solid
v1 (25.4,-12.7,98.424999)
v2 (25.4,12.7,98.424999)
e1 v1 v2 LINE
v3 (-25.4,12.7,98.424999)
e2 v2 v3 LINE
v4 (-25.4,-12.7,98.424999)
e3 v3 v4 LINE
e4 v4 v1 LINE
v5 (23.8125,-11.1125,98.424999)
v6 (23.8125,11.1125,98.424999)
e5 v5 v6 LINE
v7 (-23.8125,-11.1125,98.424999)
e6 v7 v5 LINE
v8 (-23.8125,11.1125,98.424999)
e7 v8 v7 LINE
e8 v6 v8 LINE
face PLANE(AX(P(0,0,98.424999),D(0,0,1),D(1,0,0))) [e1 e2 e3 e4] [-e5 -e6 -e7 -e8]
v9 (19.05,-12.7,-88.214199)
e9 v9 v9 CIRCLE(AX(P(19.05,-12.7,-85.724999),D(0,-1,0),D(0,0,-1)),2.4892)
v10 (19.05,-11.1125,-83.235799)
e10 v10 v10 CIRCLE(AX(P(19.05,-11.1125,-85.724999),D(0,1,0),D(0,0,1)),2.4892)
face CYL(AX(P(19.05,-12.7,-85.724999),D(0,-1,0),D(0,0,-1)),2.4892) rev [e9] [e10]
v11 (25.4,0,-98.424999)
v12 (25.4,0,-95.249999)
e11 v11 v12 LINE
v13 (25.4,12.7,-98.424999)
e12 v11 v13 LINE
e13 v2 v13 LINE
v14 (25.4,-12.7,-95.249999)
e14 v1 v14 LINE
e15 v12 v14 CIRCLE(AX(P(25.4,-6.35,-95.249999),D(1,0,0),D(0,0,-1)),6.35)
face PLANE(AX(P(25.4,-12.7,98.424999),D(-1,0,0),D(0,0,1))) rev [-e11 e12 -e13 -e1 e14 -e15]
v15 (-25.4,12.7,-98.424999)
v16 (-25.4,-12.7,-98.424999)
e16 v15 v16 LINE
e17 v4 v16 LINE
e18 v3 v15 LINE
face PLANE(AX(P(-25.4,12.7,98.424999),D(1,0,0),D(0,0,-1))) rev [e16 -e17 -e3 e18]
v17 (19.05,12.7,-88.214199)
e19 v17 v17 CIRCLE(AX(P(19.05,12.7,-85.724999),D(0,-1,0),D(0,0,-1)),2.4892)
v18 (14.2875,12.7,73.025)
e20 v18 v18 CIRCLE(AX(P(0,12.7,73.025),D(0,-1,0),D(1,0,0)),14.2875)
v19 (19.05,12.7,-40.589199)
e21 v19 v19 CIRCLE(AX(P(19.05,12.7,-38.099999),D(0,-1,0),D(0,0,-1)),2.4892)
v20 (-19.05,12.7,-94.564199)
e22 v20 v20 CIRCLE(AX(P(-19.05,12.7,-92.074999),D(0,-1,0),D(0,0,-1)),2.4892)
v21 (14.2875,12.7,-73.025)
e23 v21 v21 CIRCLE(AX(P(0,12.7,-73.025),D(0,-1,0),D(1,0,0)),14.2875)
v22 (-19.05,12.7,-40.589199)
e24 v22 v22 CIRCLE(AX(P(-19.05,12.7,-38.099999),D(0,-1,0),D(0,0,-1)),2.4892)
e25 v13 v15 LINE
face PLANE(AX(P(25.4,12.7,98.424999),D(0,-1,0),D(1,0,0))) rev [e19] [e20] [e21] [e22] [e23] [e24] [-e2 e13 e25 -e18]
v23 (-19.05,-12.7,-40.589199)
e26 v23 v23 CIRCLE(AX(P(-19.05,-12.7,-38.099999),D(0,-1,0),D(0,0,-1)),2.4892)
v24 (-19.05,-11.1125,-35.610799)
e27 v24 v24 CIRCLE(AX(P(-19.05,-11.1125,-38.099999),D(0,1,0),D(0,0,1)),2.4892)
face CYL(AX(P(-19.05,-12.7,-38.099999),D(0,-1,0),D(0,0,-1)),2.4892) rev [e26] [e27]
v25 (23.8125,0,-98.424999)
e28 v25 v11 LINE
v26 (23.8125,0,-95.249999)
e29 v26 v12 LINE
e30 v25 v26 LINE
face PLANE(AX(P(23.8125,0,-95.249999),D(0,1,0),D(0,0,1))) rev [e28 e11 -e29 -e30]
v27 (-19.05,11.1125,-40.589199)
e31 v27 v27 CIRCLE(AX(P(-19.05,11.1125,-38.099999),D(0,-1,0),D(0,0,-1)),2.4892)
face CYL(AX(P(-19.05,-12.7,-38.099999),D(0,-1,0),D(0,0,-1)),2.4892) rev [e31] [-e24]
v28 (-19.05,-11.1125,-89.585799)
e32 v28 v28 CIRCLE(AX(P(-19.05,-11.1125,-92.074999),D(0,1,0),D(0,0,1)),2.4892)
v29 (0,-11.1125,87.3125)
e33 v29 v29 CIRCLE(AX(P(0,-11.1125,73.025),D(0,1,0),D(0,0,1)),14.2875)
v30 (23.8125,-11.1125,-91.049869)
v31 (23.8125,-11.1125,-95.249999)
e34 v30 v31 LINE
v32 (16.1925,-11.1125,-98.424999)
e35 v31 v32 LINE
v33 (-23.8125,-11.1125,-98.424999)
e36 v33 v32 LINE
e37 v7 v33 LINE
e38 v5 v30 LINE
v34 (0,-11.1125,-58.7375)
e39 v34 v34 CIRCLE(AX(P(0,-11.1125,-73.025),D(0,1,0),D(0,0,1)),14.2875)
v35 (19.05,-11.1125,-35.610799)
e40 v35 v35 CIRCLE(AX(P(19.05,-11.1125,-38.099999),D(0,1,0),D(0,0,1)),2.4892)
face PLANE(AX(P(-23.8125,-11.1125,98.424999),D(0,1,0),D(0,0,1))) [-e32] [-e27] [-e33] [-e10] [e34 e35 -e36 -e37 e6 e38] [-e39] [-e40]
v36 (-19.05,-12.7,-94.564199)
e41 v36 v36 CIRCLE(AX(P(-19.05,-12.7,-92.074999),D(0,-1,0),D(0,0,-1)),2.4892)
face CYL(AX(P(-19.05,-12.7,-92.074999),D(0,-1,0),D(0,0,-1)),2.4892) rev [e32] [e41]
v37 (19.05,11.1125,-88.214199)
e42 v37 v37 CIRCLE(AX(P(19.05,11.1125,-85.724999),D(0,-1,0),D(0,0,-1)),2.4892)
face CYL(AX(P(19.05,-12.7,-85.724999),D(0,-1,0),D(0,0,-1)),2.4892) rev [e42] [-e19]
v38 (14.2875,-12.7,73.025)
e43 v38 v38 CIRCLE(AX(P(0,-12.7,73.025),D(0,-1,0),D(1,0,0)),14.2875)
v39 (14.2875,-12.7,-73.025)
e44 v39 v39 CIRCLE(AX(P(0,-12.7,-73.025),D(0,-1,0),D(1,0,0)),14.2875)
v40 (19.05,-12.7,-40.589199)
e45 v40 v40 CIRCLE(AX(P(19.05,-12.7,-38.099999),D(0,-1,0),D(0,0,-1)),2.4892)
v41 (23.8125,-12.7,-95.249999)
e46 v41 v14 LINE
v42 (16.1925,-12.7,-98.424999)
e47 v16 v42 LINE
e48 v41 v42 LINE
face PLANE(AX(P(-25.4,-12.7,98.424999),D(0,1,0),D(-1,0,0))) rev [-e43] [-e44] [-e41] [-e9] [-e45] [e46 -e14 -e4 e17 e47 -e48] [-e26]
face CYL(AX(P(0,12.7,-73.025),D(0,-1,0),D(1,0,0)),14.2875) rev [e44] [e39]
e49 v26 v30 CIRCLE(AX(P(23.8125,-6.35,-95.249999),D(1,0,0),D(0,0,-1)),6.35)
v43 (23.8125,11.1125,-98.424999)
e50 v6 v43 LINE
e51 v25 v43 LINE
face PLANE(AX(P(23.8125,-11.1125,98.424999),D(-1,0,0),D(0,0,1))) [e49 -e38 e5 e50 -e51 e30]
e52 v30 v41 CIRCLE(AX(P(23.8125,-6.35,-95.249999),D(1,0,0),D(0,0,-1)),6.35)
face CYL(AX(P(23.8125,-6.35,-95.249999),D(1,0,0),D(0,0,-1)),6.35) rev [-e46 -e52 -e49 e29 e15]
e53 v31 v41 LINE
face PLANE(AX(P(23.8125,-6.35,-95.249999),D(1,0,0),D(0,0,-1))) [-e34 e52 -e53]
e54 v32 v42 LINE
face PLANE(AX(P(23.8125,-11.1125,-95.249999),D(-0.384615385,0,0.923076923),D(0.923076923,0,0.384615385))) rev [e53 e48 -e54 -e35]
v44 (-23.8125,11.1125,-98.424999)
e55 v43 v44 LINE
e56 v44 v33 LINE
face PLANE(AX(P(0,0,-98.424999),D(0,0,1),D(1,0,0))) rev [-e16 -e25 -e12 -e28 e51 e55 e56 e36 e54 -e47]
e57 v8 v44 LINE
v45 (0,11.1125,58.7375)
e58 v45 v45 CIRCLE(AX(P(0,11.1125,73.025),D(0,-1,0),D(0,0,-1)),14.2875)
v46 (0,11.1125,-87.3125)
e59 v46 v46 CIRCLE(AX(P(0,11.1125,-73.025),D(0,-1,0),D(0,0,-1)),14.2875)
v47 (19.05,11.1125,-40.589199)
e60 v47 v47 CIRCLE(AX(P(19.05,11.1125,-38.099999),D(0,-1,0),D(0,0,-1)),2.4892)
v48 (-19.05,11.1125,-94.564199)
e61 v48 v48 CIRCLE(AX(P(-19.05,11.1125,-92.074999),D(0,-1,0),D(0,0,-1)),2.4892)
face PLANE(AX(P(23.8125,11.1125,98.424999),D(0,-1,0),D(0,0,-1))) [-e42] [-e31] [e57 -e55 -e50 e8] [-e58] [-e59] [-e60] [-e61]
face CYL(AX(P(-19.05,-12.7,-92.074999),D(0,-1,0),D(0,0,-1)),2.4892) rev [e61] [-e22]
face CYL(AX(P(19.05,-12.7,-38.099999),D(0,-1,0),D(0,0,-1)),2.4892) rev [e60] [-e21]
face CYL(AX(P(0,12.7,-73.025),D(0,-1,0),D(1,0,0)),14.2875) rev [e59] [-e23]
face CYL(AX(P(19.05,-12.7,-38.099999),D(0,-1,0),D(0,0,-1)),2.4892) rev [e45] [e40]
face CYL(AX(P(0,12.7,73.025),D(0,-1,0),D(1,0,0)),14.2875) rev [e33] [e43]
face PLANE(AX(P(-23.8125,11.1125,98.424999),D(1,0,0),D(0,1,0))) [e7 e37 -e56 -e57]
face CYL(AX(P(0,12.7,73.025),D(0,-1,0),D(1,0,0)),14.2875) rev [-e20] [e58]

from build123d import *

# Parameters (mm, degrees)
BOSS_EXTRUDE1_DEPTH      = 98.424999
BOSS_EXTRUDE1_DEPTH_BACK = 98.424999
SKETCH3_W                = 50.8
SKETCH3_H                = 25.4
SKETCH3_W_2              = 47.625
SKETCH3_H_2              = 22.225
SKETCH4_R                = 14.2875
CUT_EXTRUDE3_DEPTH       = 105.774999061
CUT_EXTRUDE5_DEPTH       = 1.5875
CUT_EXTRUDE6_DEPTH       = 1.5875
F_10_CLEARANCE_HOLE1_D   = 4.9784


with BuildPart() as part:
    # Sketch3 → Boss-Extrude1 (new, two sides: drawn at the far end of the back side and taken through both)
    with BuildSketch(Plane.XY.offset(-BOSS_EXTRUDE1_DEPTH_BACK)):
        Rectangle(SKETCH3_W, SKETCH3_H)
        Rectangle(SKETCH3_W_2, SKETCH3_H_2, mode=Mode.SUBTRACT)
    extrude(amount=BOSS_EXTRUDE1_DEPTH + BOSS_EXTRUDE1_DEPTH_BACK)

    # Sketch4 → Cut-Extrude3 (cut, through all)
    with BuildSketch(Plane.XZ.offset(12.7)):
        with Locations((0, 73.025)):
            Circle(SKETCH4_R)
        with Locations((0, -73.025)):
            Circle(SKETCH4_R)
    extrude(amount=-CUT_EXTRUDE3_DEPTH, mode=Mode.SUBTRACT)

    # Sketch5 → Cut-Extrude5 (cut)
    with BuildSketch(Plane(origin=(25.4, 0, 0), x_dir=(0, 0, -1), z_dir=(1, 0, 0))):
        with BuildLine():
            Line((98.424999492, 0), (98.424999492, -12.7))
            Line((98.424999492, -12.7), (95.249999492, -12.7))
            ThreePointArc((95.249999492, -12.7), (88.899999492, -6.35), (95.249999492, 0))
            Line((95.249999492, 0), (98.424999492, 0))
        make_face()
    extrude(amount=-CUT_EXTRUDE5_DEPTH, mode=Mode.SUBTRACT)

    # Sketch6 → Cut-Extrude6 (cut)
    with BuildSketch(Plane.XZ.offset(12.7)):
        Polygon((23.8125, -98.424999492), (23.8125, -95.249999492), (16.1925, -98.424999492), align=None)
    extrude(amount=-CUT_EXTRUDE6_DEPTH, mode=Mode.SUBTRACT)

    # #10 Clearance Hole1 (through all)
    with Locations(Plane(origin=(0, -12.7, 0), x_dir=(-1, 0, 0), z_dir=(0, -1, 0))):
        with Locations((-19.05, 85.724999492), (19.05, 92.074999492), (19.05, 38.099999492), (-19.05, 38.099999492)):
            Hole(F_10_CLEARANCE_HOLE1_D / 2)


solid = part.part
